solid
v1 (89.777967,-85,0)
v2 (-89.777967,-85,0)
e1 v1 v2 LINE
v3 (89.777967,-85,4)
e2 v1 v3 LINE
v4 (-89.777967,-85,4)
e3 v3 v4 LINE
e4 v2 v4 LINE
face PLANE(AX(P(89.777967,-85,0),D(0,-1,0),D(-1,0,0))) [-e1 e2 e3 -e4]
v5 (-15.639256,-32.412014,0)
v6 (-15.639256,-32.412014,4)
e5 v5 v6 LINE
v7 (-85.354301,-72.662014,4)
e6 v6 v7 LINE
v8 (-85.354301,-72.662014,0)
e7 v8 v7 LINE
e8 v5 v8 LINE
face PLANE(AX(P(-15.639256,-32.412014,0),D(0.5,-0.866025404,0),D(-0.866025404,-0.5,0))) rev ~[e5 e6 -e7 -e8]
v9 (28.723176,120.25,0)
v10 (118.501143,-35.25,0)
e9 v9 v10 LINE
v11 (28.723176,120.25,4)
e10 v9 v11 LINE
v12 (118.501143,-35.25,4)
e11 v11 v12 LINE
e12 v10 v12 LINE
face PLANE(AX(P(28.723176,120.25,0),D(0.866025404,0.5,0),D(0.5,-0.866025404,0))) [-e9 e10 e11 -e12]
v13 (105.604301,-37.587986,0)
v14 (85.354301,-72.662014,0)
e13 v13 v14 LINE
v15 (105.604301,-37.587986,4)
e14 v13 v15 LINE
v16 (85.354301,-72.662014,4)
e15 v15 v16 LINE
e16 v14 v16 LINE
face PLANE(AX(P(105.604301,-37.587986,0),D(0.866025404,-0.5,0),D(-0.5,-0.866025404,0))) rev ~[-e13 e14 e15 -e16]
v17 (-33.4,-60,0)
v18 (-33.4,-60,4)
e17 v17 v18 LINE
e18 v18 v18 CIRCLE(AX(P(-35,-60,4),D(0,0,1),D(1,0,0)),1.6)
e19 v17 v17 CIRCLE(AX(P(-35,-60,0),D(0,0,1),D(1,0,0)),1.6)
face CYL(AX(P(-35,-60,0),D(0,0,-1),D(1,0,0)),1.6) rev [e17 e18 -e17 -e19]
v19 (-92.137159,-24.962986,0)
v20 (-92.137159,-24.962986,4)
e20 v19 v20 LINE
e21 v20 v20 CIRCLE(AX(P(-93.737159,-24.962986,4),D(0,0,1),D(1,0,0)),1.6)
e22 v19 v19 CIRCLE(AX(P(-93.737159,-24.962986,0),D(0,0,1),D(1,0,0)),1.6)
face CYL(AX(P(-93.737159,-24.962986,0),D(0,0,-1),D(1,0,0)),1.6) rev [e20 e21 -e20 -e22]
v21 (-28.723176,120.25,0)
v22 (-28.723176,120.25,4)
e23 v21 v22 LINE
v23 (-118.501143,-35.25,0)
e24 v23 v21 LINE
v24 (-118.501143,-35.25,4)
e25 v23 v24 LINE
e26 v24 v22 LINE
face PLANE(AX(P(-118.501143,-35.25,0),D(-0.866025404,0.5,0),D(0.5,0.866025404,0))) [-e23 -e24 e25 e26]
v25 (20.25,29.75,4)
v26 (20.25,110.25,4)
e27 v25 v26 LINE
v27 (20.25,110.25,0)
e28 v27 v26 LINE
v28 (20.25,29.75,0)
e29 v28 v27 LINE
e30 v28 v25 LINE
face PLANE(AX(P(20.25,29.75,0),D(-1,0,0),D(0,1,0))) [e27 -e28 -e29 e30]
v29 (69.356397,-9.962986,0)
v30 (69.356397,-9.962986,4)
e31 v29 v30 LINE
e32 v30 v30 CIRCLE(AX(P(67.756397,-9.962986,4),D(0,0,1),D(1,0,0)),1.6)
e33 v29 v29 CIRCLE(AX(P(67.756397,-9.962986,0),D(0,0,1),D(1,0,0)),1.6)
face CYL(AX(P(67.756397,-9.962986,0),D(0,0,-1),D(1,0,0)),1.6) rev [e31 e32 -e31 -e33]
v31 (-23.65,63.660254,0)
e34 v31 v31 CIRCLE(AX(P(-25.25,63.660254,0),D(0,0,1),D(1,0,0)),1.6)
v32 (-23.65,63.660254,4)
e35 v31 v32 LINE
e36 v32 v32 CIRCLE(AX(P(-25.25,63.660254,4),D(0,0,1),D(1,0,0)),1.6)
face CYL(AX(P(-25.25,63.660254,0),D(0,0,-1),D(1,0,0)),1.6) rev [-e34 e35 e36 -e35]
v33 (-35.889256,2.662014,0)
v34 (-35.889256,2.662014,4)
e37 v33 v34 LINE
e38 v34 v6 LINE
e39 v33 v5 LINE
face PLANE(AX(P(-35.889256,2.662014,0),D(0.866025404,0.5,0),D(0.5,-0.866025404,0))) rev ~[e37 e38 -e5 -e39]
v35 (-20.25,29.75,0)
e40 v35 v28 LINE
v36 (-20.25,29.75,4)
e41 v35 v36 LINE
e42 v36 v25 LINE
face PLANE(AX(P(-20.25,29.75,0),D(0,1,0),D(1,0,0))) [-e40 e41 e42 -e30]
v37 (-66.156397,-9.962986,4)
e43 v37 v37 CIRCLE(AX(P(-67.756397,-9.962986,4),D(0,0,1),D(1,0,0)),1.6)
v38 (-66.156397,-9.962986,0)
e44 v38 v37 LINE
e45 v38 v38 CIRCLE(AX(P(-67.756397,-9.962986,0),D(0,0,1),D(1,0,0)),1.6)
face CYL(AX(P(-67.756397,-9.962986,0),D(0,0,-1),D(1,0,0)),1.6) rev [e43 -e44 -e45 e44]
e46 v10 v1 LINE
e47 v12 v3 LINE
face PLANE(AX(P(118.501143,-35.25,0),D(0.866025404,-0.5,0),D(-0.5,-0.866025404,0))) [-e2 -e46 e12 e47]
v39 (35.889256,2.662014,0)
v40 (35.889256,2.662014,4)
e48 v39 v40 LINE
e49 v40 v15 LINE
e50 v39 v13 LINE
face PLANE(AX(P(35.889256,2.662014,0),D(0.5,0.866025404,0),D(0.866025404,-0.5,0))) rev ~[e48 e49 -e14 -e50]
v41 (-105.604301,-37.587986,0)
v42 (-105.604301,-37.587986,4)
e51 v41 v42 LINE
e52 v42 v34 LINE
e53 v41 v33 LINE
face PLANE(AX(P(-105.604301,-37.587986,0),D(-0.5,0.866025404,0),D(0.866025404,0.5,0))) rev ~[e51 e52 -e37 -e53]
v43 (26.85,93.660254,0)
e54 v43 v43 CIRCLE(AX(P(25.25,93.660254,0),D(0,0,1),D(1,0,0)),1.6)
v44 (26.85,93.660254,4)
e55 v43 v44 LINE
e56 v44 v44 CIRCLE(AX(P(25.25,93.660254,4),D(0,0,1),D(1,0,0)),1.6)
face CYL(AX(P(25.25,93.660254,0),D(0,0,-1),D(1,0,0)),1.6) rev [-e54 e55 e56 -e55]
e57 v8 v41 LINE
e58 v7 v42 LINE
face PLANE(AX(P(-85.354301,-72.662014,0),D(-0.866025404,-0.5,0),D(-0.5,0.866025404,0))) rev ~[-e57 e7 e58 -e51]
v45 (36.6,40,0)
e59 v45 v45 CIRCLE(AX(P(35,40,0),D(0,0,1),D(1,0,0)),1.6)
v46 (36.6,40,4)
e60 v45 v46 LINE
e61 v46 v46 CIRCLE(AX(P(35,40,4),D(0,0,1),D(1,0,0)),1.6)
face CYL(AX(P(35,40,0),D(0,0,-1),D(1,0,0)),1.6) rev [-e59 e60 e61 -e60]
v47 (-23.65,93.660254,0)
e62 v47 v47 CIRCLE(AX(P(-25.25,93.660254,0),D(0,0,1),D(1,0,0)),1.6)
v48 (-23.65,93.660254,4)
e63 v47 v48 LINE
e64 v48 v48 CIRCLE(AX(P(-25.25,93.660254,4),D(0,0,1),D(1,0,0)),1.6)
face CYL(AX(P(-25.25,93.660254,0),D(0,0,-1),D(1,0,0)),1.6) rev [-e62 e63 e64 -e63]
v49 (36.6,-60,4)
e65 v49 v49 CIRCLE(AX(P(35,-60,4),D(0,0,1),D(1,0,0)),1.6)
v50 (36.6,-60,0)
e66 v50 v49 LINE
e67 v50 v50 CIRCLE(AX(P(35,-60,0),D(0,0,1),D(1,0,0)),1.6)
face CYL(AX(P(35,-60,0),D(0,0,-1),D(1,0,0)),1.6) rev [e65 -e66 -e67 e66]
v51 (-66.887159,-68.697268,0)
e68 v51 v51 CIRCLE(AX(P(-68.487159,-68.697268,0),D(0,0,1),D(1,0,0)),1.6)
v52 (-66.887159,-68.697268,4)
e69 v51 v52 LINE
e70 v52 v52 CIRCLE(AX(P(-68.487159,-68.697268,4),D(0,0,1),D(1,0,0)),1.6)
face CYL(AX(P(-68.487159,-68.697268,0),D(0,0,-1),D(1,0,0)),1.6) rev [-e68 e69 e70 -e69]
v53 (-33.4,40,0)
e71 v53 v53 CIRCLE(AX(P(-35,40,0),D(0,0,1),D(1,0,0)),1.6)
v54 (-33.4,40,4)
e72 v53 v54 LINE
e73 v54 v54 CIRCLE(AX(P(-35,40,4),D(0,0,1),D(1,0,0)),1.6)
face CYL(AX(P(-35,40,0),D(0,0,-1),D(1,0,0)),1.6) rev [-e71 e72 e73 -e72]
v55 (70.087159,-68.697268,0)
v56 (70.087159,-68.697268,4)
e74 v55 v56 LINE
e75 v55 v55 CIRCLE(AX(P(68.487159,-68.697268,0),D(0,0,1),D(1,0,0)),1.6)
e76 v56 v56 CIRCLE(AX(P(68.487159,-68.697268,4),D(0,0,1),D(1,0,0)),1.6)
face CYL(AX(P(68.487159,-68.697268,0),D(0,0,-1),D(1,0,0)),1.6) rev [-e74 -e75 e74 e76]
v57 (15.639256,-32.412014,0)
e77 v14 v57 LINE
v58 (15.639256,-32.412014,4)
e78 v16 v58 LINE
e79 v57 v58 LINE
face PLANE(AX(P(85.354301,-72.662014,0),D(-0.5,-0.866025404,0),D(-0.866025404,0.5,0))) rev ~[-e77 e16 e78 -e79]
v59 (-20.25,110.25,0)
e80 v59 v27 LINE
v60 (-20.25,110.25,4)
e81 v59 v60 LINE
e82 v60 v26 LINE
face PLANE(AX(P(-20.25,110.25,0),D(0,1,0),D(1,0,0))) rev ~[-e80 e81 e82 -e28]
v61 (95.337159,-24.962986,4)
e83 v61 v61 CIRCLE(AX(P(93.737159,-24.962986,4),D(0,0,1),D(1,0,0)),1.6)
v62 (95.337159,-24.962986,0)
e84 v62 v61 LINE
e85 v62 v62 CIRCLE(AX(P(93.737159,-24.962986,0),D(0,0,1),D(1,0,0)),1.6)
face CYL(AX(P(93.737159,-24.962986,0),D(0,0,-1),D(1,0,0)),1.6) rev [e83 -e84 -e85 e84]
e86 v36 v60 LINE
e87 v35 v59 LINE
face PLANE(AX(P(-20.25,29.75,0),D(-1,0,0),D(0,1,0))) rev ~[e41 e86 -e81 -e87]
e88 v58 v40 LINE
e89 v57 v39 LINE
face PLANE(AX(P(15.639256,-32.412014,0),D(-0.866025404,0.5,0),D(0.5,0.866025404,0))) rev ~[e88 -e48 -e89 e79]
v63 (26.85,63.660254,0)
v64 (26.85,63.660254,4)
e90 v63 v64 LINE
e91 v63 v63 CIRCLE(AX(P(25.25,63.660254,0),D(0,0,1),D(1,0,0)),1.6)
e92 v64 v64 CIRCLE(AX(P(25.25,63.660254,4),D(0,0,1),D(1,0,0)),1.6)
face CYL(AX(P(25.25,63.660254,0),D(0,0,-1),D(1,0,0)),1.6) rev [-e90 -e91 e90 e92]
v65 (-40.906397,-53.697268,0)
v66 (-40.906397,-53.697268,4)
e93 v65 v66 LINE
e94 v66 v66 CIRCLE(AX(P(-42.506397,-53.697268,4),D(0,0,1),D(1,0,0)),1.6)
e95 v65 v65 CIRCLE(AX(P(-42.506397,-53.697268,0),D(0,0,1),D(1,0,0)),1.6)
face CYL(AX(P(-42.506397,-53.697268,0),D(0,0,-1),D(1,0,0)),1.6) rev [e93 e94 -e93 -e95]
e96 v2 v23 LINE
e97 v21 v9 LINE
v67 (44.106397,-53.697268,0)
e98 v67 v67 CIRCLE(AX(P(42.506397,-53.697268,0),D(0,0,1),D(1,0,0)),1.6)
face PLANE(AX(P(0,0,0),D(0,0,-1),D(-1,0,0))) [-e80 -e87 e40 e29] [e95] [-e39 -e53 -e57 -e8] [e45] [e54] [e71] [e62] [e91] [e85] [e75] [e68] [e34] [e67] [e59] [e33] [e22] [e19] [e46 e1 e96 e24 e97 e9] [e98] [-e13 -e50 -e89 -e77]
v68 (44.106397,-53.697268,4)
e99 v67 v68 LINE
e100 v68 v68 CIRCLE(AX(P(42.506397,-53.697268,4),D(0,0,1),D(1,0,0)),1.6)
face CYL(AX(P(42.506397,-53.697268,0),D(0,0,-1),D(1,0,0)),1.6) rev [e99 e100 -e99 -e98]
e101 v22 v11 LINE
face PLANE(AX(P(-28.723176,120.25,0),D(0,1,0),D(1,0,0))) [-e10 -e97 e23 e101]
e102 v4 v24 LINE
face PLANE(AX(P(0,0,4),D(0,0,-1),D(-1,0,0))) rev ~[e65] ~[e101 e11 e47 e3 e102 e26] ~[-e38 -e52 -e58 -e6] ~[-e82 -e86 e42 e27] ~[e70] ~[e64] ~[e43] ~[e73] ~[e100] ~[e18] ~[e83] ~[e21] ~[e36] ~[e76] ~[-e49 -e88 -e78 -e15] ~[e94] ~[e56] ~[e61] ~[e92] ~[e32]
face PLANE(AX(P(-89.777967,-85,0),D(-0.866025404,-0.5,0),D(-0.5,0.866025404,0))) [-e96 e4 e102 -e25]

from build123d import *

# Parameters (mm, degrees)
SKETCH_1_R      = 1.6
SKETCH_1_W      = 40.5
SKETCH_1_H      = 80.5
EXTRUDE_1_DEPTH = 4


with BuildPart() as part:
    # ｽｹｯﾁ1 → ﾎﾞｽ - 押し出し1 (new body)
    with BuildSketch(Plane.XY):
        Polygon((-28.723175892, 120.25), (28.723175892, 120.25), (118.501142751, -35.25), (89.777966859, -85), (-89.777966859, -85), (-118.501142751, -35.25), align=None)
        with Locations((25.25, 93.660254038)):
            Circle(SKETCH_1_R, mode=Mode.SUBTRACT)
        with Locations((25.25, 63.660254038)):
            Circle(SKETCH_1_R, mode=Mode.SUBTRACT)
        with Locations((-25.25, 63.660254038)):
            Circle(SKETCH_1_R, mode=Mode.SUBTRACT)
        with Locations((-25.25, 93.660254038)):
            Circle(SKETCH_1_R, mode=Mode.SUBTRACT)
        with Locations((68.487159322, -68.697268464)):
            Circle(SKETCH_1_R, mode=Mode.SUBTRACT)
        with Locations((93.737159322, -24.962985573)):
            Circle(SKETCH_1_R, mode=Mode.SUBTRACT)
        with Locations((67.756397208, -9.962985573)):
            Circle(SKETCH_1_R, mode=Mode.SUBTRACT)
        with Locations((42.506397208, -53.697268464)):
            Circle(SKETCH_1_R, mode=Mode.SUBTRACT)
        with Locations((-93.737159322, -24.962985573)):
            Circle(SKETCH_1_R, mode=Mode.SUBTRACT)
        with Locations((-68.487159322, -68.697268464)):
            Circle(SKETCH_1_R, mode=Mode.SUBTRACT)
        with Locations((-42.506397208, -53.697268464)):
            Circle(SKETCH_1_R, mode=Mode.SUBTRACT)
        with Locations((-67.756397208, -9.962985573)):
            Circle(SKETCH_1_R, mode=Mode.SUBTRACT)
        with Locations((-35, 40)):
            Circle(SKETCH_1_R, mode=Mode.SUBTRACT)
        with Locations((35, 40)):
            Circle(SKETCH_1_R, mode=Mode.SUBTRACT)
        with Locations((35, -60)):
            Circle(SKETCH_1_R, mode=Mode.SUBTRACT)
        with Locations((-35, -60)):
            Circle(SKETCH_1_R, mode=Mode.SUBTRACT)
        with Locations((0, 70)):
            Rectangle(SKETCH_1_W, SKETCH_1_H, mode=Mode.SUBTRACT)
        Polygon((105.604300767, -37.587985573), (85.354300767, -72.662014427), (15.639255763, -32.412014427), (35.889255763, 2.662014427), align=None, mode=Mode.SUBTRACT)
        Polygon((-85.354300767, -72.662014427), (-105.604300767, -37.587985573), (-35.889255763, 2.662014427), (-15.639255763, -32.412014427), align=None, mode=Mode.SUBTRACT)
    extrude(amount=EXTRUDE_1_DEPTH)


solid = part.part
